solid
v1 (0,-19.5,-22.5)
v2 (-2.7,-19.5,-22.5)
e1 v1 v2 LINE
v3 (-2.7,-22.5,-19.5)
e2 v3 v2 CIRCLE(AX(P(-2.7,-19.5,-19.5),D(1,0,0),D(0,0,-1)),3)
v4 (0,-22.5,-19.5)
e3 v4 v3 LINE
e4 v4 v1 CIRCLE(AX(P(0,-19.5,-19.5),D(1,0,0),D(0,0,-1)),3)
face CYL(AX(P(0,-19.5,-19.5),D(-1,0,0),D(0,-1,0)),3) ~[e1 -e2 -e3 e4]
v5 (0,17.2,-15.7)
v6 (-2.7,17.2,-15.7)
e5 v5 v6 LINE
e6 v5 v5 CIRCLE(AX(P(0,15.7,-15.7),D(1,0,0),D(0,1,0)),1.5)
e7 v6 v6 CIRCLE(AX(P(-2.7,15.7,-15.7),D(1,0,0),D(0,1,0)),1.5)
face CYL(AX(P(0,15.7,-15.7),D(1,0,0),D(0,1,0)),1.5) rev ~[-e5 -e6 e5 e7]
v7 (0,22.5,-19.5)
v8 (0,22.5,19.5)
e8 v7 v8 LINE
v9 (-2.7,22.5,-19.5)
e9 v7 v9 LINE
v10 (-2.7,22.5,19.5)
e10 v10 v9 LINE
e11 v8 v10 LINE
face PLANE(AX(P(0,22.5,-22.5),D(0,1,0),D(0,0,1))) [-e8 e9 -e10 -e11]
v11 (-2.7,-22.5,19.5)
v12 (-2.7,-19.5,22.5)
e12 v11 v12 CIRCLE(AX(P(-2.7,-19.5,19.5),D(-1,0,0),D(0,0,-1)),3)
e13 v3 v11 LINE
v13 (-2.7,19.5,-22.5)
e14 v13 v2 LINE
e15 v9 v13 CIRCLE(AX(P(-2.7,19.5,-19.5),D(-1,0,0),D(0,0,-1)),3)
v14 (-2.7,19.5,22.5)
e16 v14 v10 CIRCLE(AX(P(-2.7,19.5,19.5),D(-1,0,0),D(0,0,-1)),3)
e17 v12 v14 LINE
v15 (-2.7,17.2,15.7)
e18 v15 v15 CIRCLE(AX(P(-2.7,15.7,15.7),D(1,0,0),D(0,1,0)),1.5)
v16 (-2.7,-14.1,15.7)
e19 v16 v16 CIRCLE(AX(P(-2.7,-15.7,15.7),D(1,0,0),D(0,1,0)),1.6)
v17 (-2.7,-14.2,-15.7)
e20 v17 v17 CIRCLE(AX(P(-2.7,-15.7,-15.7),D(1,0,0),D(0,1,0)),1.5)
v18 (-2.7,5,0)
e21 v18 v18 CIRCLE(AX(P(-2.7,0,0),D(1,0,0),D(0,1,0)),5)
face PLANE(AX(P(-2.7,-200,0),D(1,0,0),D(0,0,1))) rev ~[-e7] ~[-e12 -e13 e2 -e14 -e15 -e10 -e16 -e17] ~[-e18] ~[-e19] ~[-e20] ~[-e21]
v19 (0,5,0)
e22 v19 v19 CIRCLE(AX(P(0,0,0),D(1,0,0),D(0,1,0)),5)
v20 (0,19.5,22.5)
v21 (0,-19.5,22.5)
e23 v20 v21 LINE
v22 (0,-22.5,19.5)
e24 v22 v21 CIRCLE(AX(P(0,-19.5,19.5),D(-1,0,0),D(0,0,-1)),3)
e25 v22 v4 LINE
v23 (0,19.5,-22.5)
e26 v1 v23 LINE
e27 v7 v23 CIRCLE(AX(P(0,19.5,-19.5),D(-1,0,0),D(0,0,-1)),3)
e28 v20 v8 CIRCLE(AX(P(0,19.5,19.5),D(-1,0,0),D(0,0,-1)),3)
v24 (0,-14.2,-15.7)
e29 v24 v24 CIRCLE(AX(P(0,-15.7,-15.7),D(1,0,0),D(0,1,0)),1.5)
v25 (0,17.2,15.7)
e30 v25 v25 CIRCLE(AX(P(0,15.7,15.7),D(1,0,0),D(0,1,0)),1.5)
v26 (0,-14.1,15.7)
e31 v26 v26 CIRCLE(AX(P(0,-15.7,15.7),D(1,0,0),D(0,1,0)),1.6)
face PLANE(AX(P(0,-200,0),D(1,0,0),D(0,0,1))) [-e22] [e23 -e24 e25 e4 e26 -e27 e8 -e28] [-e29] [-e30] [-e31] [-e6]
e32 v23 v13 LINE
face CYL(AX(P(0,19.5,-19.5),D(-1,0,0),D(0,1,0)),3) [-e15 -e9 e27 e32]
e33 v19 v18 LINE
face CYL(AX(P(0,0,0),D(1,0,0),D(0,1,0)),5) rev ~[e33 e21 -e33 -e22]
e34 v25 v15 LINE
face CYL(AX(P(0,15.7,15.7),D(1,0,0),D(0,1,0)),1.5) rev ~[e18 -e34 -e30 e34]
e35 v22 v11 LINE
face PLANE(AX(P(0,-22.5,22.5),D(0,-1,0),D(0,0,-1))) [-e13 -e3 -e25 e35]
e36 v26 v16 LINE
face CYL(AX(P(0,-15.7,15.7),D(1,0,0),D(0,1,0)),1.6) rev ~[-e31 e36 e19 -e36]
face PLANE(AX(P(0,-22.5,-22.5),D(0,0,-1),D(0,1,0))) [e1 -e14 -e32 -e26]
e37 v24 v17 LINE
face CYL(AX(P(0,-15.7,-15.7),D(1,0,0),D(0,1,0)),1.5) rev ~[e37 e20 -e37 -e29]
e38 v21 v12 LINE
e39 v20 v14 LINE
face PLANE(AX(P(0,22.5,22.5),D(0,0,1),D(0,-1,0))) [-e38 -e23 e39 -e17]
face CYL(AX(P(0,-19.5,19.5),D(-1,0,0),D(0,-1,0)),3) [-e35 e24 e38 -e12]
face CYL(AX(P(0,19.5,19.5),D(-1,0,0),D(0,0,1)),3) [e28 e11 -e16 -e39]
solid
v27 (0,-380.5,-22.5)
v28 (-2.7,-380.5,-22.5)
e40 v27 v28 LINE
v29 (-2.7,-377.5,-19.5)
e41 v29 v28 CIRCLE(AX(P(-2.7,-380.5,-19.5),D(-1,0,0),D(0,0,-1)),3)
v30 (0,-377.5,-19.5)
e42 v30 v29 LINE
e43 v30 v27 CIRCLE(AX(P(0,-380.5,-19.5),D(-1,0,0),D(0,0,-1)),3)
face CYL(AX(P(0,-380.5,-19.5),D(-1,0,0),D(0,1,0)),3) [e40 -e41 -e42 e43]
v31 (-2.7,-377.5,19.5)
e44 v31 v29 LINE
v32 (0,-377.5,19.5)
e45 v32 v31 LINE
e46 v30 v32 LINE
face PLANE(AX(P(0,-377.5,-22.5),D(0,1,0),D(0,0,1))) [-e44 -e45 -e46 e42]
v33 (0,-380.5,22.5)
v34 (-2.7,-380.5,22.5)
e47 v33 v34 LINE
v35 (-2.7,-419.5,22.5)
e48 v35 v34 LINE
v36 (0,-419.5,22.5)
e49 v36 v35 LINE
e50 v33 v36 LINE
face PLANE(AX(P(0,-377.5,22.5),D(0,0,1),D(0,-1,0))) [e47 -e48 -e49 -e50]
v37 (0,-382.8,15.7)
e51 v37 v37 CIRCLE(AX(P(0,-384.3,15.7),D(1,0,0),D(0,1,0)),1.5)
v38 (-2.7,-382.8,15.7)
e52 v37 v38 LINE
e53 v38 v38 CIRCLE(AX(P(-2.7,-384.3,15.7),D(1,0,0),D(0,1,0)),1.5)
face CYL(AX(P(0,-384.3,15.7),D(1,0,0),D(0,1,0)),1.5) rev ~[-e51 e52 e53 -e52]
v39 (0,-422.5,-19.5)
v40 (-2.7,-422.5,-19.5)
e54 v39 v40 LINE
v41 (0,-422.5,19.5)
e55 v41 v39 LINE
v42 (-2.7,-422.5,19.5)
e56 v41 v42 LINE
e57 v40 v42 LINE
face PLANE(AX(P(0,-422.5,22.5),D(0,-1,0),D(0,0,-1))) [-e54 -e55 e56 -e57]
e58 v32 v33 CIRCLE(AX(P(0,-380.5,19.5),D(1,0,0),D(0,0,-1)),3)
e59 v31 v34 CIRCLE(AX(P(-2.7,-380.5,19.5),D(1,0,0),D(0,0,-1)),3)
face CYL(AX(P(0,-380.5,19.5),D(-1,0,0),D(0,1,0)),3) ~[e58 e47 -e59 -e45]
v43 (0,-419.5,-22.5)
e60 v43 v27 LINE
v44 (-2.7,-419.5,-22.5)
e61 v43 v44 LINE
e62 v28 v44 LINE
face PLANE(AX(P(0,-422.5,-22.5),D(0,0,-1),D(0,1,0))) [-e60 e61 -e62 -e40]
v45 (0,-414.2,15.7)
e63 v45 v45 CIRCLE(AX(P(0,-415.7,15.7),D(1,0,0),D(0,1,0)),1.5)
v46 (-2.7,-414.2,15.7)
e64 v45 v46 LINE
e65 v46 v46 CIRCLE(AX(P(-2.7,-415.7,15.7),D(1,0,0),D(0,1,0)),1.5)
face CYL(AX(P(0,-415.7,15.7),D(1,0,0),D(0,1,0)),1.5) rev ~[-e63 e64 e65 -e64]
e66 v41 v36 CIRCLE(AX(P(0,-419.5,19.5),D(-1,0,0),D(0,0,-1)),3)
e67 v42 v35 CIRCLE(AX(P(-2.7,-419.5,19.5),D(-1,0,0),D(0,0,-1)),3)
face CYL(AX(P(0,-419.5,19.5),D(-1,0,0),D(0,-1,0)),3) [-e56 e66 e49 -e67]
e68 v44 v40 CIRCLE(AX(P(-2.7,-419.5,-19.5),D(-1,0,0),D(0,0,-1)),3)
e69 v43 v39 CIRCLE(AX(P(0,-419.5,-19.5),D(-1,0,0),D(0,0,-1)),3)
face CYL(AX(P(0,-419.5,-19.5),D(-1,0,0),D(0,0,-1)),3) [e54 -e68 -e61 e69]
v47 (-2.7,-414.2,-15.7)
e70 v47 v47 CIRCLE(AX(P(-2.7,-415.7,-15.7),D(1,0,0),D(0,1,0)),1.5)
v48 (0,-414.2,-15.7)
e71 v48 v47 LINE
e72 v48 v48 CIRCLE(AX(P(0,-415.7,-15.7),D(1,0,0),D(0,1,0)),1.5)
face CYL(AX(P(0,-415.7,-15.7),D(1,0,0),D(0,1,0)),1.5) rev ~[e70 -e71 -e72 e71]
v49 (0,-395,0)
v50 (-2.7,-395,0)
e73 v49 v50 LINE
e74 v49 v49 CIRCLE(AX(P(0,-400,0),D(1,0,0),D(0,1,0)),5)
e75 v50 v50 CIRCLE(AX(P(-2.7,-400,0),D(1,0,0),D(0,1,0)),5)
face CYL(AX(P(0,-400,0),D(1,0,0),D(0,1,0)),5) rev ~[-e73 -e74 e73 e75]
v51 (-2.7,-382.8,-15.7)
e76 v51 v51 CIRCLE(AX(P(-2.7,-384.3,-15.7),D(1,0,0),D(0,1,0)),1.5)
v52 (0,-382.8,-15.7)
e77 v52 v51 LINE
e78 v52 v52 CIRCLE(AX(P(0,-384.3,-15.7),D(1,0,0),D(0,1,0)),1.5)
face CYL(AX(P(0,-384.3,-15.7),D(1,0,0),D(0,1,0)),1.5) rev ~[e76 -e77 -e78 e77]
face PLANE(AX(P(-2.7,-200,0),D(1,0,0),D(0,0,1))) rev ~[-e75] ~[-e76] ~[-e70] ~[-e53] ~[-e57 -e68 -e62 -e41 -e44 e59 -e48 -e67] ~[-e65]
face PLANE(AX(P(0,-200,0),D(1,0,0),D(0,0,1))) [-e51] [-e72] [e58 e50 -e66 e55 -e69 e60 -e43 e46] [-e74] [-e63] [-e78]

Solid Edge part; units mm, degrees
sketch "Sketch1" plane through (0, 0, 0) normal (1, 0, 0) x (0, 1, 0)
  line L0 (-27.5, 15) -> (-372.5, 15)
  line L1 (-372.5, 15) -> (-372.5, 27.5)
  line L2 (-427.5, 27.5) -> (-372.5, 27.5)
  line L3 (-427.5, -27.5) -> (-427.5, 27.5)
  line L4 (-372.5, -27.5) -> (-427.5, -27.5)
  line L5 (-372.5, -15) -> (-372.5, -27.5)
  line L6 (-372.5, -15) -> (-27.5, -15)
  line L7 (-27.5, -15) -> (-27.5, -27.5)
  line L8 (-27.5, -27.5) -> (27.5, -27.5)
  line L9 (27.5, -27.5) -> (27.5, 27.5)
  line L10 (27.5, 27.5) -> (-27.5, 27.5)
  line L11 (-27.5, 15) -> (-27.5, 27.5)
  circle A0 centre (-415.7, 15.7) radius 1.5
  circle A1 centre (-384.3, 15.7) radius 1.5
  circle A2 centre (-400, 0) radius 5
  circle A3 centre (-384.3, -15.7) radius 1.5
  circle A4 centre (-415.7, -15.7) radius 1.5
  circle A5 centre (15.7, -15.7) radius 1.5
  circle A6 centre (0, 0) radius 5
  circle A7 centre (-15.7, -15.7) radius 1.5
  circle A8 centre (15.7, 15.7) radius 1.5
  circle A9 centre (-15.7, 15.7) radius 1.6
  dimension "D1" = 31.4
  dimension "D2" = 31.4
  dimension "D3" = 3
  dimension "D4" = 3
  dimension "D5" = 3
  dimension "D6" = 345
  dimension "D7" = 55
  dimension "D8" = 55
  dimension "D9" = 12.5
  dimension "D10" = 12.5
  dimension "D11" = 10
  dimension "D12" = 10
  dimension "D13" = 3.2
extrude "Protrusion1" add sketch "Sketch1" against normal blind 2.7
fillet "Round_External_Edges_Feature" radius 10 11 edges at (-1.35, -27.5, 27.5) (-1.35, -27.5, 15) (-1.35, 27.5, 27.5) (-1.35, 27.5, -27.5) (-1.35, -27.5, -27.5) (-1.35, -427.5, -27.5) (-1.35, -372.5, -27.5) (-1.35, -372.5, -15) (-1.35, -372.5, 15) (-1.35, -372.5, 27.5) (-1.35, -427.5, 27.5)
sketch "Sketch2" plane through (-2.7, -200, 0) normal (-1, 0, 0) x (0, -1, 0)
  circle A0 centre (-45.5, 6.95) radius 1.5
  circle A1 centre (-45.5, -6.95) radius 1.5
  circle A2 centre (45.5, -6.95) radius 1.5
  circle A3 centre (45.5, 6.95) radius 1.5
  dimension "D1" = 18.9
  dimension "D2" = 80
  dimension "D3" = 3
  dimension "D4" = 5.5
  dimension "D5" = 2.5
extrude "Cutout1" cut sketch "Sketch2" against normal up to next
sketch "Sketch3" plane through (-2.7, -200, 0) normal (-1, 0, 0) x (0, -1, 0)
  line L0 (172.5, -27.5) -> (172.5, 27.5)
  line L1 (172.5, 27.5) -> (-172.5, 27.5)
  line L2 (-172.5, 27.5) -> (-172.5, -27.5)
  line L3 (-172.5, -27.5) -> (172.5, -27.5)
extrude "Cutout2" cut sketch "Sketch3" against normal up to next
sketch "Sketch4" plane through (0, 0, 0) normal (1, 0, 0) x (0, 1, 0)
  line L0 (-422.5, -22.5) -> (-377.5, -22.5)
  line L1 (-377.5, -22.5) -> (-377.5, 22.5)
  line L2 (-377.5, 22.5) -> (-422.5, 22.5)
  line L3 (-422.5, 22.5) -> (-422.5, -22.5)
  line L4 (-430, -30) -> (-370, -30)
  line L5 (-370, -30) -> (-370, 30)
  line L6 (-370, 30) -> (-430, 30)
  line L7 (-430, 30) -> (-430, -30)
  dimension "D1" = 45
  dimension "D2" = 45
  dimension "D3" = 80
  dimension "D4" = 80
  dimension "D5" = 60
  dimension "D6" = 60
  dimension "D7" = 45
  dimension "D8" = 45
extrude "Cutout3" cut sketch "Sketch4" against normal up to next
fillet "Round_3" radius 3 4 edges at (-1.35, -422.5, -22.5) (-1.35, -422.5, 22.5) (-1.35, -377.5, 22.5) (-1.35, -377.5, -22.5)
sketch "Sketch5" plane through (0, 0, 0) normal (1, 0, 0) x (0, 1, 0)
  line L0 (22.5, 22.5) -> (-22.5, 22.5)
  line L1 (-22.5, 22.5) -> (-22.5, -22.5)
  line L2 (-22.5, -22.5) -> (22.5, -22.5)
  line L3 (22.5, -22.5) -> (22.5, 22.5)
  line L4 (40, -40) -> (40, 40)
  line L5 (40, 40) -> (-40, 40)
  line L6 (-40, 40) -> (-40, -40)
  line L7 (-40, -40) -> (40, -40)
  dimension "D1" = 45
  dimension "D2" = 45
  dimension "D3" = 80
  dimension "D4" = 80
  dimension "D5" = 60
  dimension "D6" = 60
  dimension "D7" = 45
  dimension "D8" = 45
extrude "Cutout4" cut sketch "Sketch5" against normal up to next
fillet "Round_4" radius 3 4 edges at (-1.35, 22.5, 22.5) (-1.35, 22.5, -22.5) (-1.35, -22.5, -22.5) (-1.35, -22.5, 22.5)
properties material "MDF"
